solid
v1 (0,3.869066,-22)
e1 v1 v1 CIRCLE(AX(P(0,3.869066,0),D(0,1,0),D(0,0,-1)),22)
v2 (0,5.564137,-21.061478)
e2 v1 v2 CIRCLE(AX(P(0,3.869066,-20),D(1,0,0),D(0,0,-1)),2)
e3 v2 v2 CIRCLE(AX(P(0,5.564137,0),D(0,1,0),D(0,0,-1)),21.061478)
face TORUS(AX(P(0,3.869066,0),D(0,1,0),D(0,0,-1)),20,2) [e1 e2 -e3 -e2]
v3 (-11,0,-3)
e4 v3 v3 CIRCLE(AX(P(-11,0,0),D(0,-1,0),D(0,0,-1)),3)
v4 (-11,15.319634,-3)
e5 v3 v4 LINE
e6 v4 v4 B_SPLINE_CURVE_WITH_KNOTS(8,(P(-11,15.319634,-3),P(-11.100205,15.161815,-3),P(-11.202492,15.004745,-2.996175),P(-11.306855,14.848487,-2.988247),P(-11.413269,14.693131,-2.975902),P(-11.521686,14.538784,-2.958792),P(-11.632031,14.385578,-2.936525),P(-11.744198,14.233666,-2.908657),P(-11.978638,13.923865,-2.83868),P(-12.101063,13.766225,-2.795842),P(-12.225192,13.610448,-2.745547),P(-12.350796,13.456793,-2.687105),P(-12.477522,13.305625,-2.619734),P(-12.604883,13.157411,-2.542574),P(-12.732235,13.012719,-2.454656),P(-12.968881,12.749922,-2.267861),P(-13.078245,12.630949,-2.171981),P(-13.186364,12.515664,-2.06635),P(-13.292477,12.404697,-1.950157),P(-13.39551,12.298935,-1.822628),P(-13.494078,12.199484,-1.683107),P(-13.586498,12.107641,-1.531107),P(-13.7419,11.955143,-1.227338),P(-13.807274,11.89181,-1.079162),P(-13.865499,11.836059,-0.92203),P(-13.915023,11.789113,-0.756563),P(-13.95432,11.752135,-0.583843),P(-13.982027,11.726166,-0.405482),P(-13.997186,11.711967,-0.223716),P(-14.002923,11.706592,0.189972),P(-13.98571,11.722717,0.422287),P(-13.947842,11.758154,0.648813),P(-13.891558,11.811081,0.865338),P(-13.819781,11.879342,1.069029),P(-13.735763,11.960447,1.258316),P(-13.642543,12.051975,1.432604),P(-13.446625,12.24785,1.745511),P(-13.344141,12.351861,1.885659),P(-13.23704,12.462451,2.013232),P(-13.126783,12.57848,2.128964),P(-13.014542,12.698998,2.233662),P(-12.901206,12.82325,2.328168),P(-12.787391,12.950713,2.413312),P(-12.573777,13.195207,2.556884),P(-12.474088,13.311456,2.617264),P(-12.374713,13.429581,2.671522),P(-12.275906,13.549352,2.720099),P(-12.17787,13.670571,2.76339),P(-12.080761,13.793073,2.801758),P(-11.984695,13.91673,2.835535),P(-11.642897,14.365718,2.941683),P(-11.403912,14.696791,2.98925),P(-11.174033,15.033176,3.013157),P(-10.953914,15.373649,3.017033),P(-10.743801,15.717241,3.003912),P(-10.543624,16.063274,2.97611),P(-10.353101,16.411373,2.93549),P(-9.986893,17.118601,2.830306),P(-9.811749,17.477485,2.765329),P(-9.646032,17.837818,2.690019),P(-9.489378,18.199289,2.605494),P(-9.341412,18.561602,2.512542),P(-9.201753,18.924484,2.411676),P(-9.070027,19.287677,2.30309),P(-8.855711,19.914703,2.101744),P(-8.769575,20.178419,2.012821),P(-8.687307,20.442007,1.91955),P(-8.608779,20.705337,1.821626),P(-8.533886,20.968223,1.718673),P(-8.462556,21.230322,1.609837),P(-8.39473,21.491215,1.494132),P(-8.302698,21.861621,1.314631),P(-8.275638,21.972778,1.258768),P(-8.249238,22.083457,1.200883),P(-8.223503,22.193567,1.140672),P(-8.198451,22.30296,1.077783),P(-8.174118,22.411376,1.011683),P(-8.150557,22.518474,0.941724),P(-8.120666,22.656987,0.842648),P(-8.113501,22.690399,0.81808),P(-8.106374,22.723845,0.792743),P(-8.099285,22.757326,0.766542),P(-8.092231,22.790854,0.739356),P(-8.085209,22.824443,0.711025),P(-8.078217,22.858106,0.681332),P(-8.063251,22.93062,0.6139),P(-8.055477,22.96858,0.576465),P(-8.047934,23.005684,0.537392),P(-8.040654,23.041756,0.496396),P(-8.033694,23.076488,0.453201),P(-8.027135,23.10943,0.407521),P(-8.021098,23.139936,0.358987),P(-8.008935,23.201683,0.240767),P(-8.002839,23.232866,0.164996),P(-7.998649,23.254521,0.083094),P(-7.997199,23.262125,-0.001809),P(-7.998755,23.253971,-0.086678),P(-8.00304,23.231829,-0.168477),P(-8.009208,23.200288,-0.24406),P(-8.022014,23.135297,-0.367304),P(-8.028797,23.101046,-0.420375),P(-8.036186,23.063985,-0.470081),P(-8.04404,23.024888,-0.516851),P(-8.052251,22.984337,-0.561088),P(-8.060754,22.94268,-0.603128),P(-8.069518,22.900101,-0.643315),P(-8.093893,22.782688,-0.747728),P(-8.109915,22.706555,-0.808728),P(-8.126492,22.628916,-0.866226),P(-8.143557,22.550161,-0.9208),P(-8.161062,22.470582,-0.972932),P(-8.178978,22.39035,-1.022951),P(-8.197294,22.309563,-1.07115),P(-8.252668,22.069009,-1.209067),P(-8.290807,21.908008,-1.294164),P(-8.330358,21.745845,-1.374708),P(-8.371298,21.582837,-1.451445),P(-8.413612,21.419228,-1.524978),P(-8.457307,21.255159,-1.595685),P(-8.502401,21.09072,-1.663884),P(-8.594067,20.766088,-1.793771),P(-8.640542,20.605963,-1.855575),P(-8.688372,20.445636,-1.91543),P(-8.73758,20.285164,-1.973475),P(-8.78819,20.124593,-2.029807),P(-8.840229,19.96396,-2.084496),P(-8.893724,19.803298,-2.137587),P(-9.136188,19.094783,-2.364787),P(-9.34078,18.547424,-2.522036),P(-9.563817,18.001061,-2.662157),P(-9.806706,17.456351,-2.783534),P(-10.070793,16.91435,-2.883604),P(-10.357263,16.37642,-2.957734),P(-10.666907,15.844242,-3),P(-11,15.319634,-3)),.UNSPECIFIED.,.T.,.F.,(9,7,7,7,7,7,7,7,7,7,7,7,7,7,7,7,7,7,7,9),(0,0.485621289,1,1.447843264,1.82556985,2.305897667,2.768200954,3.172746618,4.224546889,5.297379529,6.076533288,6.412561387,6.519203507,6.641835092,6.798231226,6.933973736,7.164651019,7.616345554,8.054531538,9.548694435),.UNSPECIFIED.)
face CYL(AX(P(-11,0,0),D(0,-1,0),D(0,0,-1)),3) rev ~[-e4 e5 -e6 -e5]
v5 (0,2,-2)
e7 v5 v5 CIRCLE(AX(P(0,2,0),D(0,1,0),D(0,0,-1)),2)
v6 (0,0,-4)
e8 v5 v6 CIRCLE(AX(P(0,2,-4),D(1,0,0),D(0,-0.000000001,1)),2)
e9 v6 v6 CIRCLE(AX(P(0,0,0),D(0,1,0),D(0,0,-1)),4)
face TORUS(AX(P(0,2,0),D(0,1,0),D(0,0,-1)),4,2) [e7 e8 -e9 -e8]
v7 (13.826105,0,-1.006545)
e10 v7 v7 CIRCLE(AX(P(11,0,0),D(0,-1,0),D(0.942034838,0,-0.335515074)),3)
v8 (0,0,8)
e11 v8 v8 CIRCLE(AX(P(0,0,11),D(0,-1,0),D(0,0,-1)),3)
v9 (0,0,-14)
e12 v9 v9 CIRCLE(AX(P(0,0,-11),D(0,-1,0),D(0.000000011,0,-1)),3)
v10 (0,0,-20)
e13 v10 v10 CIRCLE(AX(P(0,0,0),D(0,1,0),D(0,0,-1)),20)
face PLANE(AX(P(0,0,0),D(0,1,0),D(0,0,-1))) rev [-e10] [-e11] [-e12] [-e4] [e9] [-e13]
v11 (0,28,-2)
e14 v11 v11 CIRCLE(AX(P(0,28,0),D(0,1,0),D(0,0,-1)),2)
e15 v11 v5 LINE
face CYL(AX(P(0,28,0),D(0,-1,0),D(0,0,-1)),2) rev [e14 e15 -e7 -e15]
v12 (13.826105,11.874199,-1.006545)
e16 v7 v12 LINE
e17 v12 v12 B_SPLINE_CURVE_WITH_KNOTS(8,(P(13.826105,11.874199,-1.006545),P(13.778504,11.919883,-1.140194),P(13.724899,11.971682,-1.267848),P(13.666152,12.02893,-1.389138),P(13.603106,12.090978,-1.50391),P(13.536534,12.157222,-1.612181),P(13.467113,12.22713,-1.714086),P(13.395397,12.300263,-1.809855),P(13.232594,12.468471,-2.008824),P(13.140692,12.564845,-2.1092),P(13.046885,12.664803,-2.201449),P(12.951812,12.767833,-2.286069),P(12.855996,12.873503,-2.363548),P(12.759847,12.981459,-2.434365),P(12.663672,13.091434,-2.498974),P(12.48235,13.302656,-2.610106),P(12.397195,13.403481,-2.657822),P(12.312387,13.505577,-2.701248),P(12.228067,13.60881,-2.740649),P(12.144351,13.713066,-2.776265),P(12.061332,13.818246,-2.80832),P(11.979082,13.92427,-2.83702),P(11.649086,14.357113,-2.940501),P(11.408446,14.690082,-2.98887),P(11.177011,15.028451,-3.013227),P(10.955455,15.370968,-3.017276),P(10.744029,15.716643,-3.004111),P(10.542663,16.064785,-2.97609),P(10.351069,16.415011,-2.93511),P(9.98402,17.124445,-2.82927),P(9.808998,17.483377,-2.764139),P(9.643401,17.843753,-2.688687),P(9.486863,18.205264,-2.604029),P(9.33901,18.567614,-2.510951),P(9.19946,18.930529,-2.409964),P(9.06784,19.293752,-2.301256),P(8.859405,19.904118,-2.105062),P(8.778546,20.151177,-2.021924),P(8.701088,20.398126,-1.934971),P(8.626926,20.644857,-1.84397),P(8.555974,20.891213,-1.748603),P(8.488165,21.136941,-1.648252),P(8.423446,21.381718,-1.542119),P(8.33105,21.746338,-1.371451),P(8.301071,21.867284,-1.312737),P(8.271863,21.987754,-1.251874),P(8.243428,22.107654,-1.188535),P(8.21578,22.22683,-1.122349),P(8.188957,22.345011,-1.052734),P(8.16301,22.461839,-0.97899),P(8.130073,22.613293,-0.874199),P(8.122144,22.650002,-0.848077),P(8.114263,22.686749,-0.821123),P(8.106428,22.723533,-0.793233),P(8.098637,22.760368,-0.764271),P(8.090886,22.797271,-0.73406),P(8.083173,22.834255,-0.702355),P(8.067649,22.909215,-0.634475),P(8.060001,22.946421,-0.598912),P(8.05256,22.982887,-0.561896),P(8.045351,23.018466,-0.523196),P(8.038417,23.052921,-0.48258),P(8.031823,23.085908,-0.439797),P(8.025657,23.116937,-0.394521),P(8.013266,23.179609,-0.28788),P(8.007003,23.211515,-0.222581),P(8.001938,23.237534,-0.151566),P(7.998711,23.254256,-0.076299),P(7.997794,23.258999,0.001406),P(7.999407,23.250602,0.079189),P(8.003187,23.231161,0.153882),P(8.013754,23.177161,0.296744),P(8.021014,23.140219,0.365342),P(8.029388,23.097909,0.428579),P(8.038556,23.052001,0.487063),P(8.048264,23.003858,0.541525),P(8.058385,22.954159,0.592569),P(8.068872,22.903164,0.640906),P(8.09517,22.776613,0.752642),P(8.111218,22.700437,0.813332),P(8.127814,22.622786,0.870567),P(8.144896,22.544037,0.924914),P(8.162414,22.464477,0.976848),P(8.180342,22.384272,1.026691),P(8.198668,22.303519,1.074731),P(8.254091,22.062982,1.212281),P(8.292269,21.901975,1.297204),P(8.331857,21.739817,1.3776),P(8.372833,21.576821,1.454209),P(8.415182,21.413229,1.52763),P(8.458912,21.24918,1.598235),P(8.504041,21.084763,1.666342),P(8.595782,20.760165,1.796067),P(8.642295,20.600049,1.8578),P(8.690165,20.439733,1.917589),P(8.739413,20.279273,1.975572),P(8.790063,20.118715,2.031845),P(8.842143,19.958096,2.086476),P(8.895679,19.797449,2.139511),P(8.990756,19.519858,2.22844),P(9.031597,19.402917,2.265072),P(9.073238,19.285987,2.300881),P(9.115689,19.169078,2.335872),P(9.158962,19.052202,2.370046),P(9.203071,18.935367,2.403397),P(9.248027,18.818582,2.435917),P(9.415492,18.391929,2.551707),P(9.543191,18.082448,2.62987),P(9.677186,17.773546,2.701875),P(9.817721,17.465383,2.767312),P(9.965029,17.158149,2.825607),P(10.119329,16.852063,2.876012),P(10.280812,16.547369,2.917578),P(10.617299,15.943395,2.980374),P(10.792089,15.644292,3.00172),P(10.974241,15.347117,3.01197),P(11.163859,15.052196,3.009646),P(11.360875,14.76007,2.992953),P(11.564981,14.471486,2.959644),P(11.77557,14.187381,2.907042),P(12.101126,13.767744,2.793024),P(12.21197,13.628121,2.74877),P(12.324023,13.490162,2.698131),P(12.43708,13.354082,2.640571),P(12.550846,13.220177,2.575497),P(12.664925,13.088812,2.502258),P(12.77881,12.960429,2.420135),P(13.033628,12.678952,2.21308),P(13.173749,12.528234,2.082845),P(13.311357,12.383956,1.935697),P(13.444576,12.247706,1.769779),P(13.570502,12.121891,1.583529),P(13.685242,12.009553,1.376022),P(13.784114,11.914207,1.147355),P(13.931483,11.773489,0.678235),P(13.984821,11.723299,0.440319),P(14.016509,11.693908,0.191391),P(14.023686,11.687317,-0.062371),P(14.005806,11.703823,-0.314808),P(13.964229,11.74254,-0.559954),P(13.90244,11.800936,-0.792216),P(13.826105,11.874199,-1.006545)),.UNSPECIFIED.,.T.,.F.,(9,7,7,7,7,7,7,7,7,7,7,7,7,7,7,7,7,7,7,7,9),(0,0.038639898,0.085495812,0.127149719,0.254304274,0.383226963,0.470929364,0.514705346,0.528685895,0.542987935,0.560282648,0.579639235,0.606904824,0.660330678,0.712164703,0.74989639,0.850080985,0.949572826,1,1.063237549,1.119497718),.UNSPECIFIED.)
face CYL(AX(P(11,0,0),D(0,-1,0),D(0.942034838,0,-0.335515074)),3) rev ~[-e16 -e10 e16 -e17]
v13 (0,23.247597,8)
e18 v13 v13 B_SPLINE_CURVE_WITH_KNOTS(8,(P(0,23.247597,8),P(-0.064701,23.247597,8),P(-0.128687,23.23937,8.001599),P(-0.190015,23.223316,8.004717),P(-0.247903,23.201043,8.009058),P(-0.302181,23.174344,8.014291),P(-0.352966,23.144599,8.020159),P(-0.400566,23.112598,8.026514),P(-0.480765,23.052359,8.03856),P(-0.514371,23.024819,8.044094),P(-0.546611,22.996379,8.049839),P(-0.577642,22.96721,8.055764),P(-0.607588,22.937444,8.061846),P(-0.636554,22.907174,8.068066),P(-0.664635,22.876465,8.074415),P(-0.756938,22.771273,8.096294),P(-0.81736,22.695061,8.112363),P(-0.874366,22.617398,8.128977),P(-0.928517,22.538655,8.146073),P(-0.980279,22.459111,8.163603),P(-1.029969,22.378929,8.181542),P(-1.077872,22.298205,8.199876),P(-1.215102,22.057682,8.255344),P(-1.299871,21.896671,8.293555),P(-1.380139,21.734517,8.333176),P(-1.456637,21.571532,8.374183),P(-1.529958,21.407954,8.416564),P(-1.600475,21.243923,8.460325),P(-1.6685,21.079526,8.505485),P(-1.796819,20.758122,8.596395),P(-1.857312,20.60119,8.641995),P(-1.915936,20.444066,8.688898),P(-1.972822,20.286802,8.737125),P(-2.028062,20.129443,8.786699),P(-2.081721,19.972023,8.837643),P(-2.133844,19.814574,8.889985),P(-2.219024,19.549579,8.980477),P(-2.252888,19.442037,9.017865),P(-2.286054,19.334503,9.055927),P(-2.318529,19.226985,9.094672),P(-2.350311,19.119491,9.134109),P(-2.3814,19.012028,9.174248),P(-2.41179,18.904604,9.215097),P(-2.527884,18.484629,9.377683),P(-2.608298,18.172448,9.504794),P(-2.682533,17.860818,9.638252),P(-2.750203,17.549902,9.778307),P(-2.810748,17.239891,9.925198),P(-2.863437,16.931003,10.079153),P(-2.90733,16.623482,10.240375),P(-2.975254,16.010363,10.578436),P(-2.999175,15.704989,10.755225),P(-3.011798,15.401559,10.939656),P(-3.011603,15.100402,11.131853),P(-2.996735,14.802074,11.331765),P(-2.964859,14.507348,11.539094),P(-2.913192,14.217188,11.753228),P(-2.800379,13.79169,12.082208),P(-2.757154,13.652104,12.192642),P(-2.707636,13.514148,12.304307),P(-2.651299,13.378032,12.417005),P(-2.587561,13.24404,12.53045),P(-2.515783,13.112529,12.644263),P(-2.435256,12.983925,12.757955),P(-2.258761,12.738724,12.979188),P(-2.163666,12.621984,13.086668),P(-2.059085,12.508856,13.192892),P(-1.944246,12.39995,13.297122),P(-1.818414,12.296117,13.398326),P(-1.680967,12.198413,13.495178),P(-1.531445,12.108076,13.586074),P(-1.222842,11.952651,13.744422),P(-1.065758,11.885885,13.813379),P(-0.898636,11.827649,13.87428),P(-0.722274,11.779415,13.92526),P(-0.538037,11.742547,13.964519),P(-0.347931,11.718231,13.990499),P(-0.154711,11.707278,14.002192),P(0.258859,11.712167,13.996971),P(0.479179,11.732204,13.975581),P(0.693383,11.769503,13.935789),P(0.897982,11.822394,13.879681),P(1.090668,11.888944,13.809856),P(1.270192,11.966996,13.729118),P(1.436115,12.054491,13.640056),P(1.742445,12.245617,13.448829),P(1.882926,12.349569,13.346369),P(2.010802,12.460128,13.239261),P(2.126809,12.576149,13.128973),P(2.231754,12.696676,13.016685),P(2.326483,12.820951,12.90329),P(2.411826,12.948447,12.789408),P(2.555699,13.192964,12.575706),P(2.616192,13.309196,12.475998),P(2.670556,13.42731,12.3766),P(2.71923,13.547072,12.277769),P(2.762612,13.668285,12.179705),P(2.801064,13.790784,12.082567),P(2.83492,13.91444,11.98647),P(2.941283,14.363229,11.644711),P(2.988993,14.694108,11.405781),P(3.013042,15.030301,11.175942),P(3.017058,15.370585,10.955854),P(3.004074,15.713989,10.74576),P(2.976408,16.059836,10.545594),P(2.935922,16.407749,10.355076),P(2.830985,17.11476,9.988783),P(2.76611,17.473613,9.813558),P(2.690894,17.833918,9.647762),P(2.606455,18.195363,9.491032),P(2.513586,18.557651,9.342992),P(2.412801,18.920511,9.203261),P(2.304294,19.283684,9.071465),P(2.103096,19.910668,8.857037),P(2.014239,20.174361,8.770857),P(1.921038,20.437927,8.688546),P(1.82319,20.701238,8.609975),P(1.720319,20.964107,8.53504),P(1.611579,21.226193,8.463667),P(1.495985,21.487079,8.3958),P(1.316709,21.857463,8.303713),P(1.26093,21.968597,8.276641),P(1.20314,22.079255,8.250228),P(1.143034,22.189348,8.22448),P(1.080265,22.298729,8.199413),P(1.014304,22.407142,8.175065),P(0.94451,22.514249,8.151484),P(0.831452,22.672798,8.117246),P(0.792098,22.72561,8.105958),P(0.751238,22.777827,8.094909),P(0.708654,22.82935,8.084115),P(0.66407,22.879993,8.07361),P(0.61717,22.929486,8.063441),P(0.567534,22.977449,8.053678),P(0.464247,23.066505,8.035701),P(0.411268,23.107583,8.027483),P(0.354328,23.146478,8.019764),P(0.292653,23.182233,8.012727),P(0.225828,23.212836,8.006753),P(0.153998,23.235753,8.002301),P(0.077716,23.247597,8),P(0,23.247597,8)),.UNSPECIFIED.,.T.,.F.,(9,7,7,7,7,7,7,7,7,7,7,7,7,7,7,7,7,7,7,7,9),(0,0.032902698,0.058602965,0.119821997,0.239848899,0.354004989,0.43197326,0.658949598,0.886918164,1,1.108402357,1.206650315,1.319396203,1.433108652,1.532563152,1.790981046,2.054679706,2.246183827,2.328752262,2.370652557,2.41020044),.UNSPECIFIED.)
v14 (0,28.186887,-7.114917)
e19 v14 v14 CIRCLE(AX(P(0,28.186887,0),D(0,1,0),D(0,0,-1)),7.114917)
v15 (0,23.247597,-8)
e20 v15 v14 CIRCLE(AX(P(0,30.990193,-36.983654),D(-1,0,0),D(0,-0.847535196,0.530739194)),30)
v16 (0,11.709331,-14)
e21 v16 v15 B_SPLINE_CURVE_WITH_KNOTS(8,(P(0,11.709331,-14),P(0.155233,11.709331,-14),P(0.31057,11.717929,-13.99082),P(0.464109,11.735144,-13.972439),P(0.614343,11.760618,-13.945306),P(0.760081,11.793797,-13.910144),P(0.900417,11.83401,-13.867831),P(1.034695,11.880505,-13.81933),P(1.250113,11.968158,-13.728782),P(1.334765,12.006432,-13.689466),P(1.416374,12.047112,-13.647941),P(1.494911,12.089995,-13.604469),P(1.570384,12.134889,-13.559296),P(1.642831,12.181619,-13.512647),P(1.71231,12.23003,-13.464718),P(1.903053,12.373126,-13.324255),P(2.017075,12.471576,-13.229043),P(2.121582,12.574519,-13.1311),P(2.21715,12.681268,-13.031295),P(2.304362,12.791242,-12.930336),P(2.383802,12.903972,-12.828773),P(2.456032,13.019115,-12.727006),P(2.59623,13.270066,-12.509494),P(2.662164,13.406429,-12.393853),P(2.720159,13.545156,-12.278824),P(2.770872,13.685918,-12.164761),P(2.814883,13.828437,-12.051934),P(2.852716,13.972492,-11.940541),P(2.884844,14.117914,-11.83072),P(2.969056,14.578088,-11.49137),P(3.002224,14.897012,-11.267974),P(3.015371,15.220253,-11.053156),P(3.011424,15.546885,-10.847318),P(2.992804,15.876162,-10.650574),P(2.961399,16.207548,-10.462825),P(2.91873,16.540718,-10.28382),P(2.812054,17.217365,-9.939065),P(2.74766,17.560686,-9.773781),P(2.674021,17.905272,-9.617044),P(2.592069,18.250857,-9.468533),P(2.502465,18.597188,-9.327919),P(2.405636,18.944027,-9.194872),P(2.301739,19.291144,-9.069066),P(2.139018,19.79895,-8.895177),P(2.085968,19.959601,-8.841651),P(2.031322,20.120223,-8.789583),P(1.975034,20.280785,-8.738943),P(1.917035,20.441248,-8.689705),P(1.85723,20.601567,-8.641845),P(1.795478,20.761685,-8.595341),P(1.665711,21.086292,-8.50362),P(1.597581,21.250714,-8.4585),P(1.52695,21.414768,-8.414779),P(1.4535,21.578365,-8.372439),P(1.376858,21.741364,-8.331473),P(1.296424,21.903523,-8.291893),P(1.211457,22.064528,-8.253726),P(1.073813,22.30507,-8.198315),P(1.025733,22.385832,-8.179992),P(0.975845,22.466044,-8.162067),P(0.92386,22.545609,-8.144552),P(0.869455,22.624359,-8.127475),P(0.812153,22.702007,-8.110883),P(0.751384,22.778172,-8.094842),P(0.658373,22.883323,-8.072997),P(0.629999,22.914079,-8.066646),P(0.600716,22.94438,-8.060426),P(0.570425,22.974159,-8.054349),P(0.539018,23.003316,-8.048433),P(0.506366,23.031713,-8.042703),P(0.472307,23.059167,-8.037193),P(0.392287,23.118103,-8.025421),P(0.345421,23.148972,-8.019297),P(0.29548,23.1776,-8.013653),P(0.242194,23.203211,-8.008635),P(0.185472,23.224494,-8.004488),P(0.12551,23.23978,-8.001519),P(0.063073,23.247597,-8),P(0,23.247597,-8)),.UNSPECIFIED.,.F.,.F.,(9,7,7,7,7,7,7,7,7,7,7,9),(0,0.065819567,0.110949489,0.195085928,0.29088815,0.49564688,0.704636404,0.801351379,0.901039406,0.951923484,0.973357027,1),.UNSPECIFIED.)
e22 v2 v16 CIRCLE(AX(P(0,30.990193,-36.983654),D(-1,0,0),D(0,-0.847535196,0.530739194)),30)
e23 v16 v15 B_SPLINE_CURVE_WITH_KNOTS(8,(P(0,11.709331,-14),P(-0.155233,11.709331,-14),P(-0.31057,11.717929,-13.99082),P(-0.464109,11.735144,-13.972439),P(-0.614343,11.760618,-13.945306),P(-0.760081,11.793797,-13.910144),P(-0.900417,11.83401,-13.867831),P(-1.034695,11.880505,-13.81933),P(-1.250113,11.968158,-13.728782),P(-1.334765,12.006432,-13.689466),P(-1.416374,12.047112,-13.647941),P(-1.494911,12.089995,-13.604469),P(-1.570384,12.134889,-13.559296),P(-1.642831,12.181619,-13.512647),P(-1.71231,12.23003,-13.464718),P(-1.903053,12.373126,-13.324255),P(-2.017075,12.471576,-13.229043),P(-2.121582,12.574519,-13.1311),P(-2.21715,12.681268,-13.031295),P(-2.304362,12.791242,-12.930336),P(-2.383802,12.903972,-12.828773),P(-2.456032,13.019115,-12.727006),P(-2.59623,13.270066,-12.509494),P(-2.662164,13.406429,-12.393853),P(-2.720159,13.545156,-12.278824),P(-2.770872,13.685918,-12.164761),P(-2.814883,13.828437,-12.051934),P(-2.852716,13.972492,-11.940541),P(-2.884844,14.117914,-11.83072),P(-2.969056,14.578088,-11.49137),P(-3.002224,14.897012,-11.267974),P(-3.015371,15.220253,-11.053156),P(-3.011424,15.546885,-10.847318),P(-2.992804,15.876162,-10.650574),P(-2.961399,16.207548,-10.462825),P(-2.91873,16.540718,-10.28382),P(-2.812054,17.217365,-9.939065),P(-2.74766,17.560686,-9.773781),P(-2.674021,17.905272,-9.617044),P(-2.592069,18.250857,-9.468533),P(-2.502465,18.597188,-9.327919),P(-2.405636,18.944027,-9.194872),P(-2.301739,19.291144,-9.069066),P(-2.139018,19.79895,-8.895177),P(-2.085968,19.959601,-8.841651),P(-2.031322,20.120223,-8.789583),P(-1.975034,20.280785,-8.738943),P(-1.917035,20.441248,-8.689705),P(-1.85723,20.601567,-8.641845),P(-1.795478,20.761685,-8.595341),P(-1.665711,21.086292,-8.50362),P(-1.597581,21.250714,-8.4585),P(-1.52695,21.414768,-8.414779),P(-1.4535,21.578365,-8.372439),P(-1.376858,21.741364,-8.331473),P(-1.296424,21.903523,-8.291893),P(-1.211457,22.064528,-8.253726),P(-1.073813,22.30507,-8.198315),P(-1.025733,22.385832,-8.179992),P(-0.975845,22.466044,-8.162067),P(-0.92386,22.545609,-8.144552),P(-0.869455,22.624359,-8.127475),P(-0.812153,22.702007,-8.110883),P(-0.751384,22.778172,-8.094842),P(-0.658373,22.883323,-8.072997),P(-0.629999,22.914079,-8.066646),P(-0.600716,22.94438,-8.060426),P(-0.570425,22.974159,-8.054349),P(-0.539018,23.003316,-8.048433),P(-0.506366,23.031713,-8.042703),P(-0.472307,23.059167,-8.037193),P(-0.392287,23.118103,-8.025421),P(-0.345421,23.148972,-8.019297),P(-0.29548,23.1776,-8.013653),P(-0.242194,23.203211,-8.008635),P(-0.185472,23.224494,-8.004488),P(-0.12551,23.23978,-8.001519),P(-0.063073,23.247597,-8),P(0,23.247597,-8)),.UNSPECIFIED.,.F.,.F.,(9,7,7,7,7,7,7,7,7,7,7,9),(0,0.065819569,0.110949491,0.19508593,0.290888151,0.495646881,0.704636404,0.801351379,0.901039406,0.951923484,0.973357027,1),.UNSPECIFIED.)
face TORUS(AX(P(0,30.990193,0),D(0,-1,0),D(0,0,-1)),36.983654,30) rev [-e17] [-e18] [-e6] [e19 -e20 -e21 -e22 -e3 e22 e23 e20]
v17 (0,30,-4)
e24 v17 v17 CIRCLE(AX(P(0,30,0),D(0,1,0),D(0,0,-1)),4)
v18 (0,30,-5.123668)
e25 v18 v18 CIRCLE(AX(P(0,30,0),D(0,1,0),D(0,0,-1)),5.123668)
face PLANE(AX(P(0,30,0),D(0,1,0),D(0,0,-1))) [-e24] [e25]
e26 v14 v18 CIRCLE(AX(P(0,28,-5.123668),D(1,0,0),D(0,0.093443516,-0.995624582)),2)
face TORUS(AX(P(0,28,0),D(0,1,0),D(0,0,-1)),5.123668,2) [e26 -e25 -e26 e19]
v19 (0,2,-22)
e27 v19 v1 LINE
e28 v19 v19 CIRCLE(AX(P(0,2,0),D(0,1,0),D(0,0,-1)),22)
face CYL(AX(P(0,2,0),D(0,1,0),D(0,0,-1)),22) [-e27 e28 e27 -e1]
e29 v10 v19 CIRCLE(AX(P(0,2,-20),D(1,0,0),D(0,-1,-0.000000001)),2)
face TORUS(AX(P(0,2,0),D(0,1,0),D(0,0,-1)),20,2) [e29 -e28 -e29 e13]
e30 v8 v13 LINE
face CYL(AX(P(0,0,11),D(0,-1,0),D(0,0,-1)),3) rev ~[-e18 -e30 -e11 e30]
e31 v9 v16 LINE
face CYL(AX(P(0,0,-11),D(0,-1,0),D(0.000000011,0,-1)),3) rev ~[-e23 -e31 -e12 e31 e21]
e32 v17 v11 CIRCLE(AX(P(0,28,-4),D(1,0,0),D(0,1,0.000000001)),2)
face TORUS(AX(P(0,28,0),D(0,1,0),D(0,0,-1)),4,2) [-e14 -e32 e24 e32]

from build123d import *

# Parameters (mm, degrees)
CROQUIS2_R            = 3
CORTAR_EXTRUIR1_DEPTH = 60


with BuildPart() as part:
    # Croquis1 → Revolución1 (revolve)
    with BuildSketch(Plane.XY, mode=Mode.PRIVATE) as revoluci_n1_sk:
        with BuildLine():
            Line((-4, 0), (-20, 0))
            ThreePointArc((-20, 0), (-21.414213562, 0.585786438), (-22, 2))
            Line((-22, 2), (-22, 3.869066244))
            ThreePointArc((-22, 3.869066244), (-21.749708086, 4.837839496), (-21.061478387, 5.564136636))
            ThreePointArc((-21.061478387, 5.564136636), (-11.446443232, 15.246912796), (-7.114916718, 28.186887032))
            ThreePointArc((-7.114916718, 28.186887032), (-6.470186386, 29.47881271), (-5.123667553, 30))
            Line((-5.123667553, 30), (-4, 30))
            ThreePointArc((-4, 30), (-2.585786438, 29.414213562), (-2, 28))
            Line((-2, 28), (-2, 2))
            ThreePointArc((-2, 2), (-2.585786438, 0.585786438), (-4, 0))
        make_face()
    revolve(revoluci_n1_sk.sketch.rotate(Axis((0, 0, 0), (0, 1, 0)), 270), axis=Axis((0, 0, 0), (0, 1, 0)))

    # Croquis2 → Cortar-Extruir1 (cut)
    with BuildSketch(Plane.XZ):
        with Locations(Location((-11, 0, 0), (0, 0, 270))):
            Circle(CROQUIS2_R)
        with Locations(Location((11, 0, 0), (0, 0, 340.396137661))):
            Circle(CROQUIS2_R)
        with Locations(Location((0, 11, 0), (0, 0, 270))):
            Circle(CROQUIS2_R)
        with Locations(Location((0, -11, 0), (0, 0, 270.000000649))):
            Circle(CROQUIS2_R)
    extrude(amount=-CORTAR_EXTRUIR1_DEPTH, mode=Mode.SUBTRACT)


solid = part.part
